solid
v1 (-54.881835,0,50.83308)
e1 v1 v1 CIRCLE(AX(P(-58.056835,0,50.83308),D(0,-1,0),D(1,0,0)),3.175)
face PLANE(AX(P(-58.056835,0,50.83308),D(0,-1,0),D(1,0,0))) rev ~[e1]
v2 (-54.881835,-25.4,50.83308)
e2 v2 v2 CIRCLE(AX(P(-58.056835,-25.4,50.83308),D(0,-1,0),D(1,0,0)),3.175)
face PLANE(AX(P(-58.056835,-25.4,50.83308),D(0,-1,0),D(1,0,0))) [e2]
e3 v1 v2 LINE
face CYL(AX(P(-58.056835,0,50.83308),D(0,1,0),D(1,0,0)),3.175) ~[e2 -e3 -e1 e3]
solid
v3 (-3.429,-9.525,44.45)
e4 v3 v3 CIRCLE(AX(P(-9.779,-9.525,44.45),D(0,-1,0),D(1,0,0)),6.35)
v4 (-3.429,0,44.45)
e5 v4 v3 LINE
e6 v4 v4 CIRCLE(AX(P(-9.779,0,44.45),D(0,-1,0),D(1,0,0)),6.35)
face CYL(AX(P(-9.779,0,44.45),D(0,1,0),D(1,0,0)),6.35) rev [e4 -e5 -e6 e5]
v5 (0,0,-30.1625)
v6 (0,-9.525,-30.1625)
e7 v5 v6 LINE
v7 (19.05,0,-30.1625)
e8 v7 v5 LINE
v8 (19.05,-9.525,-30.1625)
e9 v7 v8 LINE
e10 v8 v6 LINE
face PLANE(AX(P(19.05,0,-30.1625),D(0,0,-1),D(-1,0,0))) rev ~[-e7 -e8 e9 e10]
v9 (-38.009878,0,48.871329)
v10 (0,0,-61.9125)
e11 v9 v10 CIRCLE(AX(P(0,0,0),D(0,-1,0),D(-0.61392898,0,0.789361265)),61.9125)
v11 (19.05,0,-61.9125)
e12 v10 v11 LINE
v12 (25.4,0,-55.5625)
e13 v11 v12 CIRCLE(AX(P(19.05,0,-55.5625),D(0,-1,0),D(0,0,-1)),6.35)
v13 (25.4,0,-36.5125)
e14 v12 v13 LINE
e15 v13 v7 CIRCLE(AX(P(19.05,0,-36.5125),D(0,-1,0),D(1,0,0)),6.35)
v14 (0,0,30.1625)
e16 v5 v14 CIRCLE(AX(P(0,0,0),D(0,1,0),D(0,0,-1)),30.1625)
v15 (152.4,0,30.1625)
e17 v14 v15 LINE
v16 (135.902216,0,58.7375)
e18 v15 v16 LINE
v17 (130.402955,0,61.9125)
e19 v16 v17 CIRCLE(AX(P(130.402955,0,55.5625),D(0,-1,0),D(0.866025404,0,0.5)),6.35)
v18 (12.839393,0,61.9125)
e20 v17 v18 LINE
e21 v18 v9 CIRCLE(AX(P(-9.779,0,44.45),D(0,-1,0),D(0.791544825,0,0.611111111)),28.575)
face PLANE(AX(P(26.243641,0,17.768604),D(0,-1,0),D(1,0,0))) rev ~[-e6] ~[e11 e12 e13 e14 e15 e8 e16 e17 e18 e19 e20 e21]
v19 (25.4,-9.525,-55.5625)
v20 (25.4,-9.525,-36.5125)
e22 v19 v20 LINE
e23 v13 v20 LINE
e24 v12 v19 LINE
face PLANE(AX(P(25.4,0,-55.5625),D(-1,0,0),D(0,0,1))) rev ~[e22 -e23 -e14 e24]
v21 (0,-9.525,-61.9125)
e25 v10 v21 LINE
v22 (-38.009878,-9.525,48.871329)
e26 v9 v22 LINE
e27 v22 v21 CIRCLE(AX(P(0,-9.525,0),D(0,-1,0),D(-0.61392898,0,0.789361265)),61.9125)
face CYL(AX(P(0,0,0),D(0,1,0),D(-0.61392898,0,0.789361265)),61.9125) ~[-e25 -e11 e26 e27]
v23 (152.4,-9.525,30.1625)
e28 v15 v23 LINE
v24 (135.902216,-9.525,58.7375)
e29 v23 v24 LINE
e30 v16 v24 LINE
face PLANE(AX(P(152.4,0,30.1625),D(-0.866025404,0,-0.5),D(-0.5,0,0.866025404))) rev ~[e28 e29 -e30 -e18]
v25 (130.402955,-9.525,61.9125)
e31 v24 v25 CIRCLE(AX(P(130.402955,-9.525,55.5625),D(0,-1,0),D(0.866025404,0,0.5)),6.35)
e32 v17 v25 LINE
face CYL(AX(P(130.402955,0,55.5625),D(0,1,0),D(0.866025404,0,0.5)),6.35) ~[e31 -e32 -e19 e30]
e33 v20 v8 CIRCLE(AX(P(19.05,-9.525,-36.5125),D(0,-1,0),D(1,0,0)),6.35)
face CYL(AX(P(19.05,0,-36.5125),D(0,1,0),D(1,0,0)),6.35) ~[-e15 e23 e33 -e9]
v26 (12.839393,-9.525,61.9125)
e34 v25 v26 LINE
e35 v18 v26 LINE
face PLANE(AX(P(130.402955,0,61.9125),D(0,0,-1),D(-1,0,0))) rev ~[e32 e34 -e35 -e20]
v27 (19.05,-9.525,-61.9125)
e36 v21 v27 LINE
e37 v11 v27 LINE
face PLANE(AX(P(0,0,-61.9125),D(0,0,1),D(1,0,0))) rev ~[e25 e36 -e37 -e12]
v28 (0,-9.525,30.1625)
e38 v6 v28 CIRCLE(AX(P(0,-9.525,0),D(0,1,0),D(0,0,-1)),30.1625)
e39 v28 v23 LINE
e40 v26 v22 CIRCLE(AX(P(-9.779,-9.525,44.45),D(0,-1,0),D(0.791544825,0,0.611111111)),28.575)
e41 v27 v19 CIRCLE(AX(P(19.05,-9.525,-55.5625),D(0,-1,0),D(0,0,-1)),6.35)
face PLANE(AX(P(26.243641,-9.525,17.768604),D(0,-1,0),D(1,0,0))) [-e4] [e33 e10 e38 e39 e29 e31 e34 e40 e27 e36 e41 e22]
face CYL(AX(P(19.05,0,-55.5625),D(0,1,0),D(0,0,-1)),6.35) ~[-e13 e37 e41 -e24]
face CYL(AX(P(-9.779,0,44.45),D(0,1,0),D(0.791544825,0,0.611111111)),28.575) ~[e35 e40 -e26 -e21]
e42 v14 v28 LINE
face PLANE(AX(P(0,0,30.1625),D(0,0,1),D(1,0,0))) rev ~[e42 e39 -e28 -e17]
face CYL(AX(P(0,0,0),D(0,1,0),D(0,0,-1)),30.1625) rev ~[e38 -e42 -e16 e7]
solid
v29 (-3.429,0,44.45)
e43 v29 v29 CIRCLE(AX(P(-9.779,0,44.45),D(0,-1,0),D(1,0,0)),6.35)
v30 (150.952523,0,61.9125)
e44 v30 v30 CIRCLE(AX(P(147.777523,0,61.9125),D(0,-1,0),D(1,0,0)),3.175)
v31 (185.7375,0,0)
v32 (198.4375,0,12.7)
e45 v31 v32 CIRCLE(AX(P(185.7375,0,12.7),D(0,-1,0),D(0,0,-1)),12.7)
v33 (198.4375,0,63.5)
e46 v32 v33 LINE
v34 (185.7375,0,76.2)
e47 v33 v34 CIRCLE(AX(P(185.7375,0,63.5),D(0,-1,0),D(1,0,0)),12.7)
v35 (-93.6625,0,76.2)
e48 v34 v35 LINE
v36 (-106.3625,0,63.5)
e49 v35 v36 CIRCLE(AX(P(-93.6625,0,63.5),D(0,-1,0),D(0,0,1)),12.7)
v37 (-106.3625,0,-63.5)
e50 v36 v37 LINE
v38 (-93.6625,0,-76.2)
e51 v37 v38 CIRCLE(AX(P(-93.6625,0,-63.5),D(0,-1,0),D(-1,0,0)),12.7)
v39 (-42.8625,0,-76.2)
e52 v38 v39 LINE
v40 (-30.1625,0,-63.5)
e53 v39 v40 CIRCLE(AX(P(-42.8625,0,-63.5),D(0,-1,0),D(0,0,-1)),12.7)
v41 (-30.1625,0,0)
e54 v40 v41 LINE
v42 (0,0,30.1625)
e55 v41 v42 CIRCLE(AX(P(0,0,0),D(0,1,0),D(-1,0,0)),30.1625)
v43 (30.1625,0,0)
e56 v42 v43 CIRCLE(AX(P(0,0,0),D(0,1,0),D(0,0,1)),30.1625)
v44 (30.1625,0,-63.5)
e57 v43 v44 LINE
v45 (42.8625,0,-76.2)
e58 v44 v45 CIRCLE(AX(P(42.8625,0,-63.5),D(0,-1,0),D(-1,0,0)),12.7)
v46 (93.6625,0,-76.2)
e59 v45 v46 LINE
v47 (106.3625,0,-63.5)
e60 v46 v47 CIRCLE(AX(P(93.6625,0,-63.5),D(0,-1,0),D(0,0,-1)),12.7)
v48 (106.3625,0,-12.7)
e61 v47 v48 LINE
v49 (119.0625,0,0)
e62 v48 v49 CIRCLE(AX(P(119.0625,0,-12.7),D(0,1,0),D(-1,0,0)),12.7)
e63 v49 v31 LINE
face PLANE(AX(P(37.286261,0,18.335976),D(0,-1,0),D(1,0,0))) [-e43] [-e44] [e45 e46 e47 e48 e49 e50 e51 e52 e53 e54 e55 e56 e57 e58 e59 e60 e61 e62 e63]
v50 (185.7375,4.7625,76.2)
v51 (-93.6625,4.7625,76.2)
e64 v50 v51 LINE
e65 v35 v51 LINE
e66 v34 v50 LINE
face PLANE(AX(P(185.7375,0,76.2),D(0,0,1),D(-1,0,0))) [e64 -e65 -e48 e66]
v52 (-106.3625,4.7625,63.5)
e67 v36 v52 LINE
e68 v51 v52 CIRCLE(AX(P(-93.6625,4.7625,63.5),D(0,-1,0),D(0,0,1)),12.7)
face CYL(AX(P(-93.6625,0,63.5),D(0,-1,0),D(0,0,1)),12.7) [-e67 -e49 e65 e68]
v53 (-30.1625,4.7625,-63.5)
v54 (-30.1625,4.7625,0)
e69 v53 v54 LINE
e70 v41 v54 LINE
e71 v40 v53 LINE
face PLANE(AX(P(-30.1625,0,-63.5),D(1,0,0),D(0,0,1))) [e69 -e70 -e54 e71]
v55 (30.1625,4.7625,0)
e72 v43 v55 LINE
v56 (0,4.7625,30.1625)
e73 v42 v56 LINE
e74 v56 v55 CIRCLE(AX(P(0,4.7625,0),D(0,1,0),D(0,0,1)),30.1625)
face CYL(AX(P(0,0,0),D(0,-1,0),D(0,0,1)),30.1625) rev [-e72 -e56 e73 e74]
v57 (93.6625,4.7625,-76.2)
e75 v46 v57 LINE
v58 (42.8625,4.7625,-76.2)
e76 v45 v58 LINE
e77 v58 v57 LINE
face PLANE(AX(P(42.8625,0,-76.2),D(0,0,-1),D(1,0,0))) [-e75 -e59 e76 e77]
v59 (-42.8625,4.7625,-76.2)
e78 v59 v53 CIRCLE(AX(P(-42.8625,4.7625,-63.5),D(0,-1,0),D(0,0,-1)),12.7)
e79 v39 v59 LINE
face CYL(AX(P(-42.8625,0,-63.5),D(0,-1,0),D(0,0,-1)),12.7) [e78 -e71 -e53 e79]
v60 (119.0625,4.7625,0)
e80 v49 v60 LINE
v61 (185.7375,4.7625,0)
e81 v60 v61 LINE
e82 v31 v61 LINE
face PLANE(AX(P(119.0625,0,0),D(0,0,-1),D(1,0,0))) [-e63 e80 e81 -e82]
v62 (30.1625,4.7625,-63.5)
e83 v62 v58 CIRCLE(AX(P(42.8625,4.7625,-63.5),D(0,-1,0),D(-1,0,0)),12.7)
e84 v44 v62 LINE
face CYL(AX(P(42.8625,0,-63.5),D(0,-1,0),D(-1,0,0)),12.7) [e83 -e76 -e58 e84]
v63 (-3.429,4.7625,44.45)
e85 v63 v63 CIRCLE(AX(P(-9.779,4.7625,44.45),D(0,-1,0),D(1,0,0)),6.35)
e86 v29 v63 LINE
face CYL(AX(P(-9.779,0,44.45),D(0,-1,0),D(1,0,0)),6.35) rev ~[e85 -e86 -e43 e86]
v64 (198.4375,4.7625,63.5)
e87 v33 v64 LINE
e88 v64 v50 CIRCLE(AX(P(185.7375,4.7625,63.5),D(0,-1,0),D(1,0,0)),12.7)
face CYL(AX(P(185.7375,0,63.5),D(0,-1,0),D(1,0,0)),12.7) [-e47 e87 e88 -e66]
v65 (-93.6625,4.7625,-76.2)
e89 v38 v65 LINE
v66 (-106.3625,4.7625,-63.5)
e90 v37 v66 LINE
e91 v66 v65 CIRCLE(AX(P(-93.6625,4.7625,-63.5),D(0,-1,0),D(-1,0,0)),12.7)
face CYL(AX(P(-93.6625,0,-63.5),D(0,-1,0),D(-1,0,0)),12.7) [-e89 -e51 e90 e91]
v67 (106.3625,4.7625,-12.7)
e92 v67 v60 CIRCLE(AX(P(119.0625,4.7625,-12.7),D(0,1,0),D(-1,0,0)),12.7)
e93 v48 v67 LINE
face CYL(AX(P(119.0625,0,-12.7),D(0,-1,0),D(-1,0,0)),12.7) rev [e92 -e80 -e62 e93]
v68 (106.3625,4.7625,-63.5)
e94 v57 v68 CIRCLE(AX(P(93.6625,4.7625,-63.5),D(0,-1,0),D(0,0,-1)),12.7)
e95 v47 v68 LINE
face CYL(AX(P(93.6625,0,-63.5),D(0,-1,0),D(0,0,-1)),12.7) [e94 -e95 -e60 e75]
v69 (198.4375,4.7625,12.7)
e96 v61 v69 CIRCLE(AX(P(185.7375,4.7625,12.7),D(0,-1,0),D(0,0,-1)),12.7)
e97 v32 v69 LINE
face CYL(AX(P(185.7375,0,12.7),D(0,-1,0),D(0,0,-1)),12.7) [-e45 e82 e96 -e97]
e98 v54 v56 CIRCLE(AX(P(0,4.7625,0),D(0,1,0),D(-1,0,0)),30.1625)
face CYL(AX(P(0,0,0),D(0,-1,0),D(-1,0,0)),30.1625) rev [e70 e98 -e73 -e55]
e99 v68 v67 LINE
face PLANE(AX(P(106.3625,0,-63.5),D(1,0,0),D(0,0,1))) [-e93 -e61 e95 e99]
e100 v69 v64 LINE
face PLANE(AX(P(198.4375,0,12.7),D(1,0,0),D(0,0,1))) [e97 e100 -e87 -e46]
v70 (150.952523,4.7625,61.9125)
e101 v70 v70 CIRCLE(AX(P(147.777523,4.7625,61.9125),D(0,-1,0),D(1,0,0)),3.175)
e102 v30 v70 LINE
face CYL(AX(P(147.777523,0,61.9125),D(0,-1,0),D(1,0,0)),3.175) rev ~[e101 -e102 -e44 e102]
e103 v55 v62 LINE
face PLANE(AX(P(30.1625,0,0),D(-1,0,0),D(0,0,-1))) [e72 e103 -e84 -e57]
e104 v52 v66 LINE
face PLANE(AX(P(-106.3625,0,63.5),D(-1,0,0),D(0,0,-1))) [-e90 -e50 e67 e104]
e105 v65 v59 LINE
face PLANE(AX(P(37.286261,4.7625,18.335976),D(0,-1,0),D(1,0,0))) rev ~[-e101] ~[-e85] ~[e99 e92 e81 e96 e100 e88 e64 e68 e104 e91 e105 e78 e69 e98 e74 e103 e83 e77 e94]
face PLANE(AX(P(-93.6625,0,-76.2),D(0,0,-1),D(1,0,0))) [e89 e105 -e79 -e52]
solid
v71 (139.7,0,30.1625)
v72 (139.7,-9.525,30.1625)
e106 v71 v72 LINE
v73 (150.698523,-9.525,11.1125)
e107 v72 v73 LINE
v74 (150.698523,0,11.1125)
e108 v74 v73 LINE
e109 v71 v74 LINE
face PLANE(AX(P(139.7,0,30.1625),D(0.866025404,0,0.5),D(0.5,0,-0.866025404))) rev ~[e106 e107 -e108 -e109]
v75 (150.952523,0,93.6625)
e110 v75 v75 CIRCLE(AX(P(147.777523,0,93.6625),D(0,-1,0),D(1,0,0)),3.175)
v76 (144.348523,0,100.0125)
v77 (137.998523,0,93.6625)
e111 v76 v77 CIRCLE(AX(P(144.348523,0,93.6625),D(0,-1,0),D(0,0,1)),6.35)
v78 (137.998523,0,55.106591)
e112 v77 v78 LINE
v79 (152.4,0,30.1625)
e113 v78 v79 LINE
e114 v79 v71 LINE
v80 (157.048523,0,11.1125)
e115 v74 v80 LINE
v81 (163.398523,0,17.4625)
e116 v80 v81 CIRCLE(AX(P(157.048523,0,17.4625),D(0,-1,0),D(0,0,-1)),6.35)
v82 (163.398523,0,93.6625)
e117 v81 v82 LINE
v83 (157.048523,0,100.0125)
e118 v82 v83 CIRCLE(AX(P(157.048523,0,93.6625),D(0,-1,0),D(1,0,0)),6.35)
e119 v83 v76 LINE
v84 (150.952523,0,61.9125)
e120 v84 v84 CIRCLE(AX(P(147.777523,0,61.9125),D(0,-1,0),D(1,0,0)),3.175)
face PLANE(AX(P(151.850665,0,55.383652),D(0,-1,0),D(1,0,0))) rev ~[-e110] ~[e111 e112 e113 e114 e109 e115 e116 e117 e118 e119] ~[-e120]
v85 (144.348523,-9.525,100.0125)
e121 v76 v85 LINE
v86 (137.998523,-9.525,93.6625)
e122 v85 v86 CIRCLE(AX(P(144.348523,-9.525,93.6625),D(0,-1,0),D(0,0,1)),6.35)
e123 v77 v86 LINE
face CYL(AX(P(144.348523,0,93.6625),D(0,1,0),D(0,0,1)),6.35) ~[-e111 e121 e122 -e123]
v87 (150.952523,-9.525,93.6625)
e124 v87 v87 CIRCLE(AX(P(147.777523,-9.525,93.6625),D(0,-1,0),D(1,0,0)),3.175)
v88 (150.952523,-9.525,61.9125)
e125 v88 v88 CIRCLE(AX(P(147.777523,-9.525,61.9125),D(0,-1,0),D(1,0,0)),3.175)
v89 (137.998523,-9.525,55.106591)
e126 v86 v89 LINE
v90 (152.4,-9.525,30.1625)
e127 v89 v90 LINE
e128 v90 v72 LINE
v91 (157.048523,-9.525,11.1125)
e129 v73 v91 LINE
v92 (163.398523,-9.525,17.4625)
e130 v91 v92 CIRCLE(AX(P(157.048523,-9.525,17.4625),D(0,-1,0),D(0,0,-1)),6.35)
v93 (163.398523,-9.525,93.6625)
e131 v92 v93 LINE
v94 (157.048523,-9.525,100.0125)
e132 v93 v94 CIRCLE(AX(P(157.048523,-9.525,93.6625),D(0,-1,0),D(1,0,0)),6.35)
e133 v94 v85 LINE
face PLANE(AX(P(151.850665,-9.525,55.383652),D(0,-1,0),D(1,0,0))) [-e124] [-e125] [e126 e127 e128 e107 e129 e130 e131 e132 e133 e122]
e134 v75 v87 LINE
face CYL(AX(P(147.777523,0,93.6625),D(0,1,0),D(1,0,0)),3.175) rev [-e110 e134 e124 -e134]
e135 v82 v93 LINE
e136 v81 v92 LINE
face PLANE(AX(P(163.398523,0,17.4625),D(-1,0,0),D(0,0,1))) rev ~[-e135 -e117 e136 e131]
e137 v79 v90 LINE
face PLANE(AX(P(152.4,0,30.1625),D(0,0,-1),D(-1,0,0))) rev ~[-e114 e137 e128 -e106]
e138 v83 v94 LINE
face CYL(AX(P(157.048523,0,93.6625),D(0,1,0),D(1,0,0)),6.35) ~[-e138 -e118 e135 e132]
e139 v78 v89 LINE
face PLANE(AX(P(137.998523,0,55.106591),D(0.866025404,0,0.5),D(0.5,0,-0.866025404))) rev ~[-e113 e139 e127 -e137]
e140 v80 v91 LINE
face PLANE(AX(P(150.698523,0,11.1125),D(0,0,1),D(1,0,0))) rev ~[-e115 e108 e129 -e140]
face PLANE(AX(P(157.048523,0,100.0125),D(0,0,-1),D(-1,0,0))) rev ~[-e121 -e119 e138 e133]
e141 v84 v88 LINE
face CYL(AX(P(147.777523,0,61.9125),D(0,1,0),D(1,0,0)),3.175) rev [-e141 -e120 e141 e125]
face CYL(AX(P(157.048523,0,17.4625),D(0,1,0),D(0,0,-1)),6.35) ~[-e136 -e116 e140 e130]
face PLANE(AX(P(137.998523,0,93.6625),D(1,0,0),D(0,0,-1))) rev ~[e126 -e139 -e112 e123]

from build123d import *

# Parameters (mm, degrees)
F0_R     = 6.35
F2_DEPTH = 9.525
F1_R     = 3.175
F3_R     = 3.175
F4_DEPTH = 25.4
F5_R     = 3.175
F5_R_2   = 6.35
F6_DEPTH = 4.7625


with BuildPart() as f2:
    # F0 (on Front) → F2 (new body)
    with BuildSketch(Plane.XZ):
        with BuildLine():
            ThreePointArc((0, -30.1625), (-30.1625, 0), (0, 30.1625))
            Line((0, 30.1625), (152.4, 30.1625))
            Line((152.4, 30.1625), (135.9022160579, 58.7375))
            ThreePointArc((135.9022160579, 58.7375), (133.5779547439, 61.061761314), (130.4029547439, 61.9125))
            Line((130.4029547439, 61.9125), (12.8393933724, 61.9125))
            ThreePointArc((12.8393933724, 61.9125), (-16.8778047521, 72.129190669), (-38.0098779856, 48.8713293432))
            ThreePointArc((-38.0098779856, 48.8713293432), (-58.5615224965, -20.0924298965), (0, -61.9125))
            Line((0, -61.9125), (19.05, -61.9125))
            ThreePointArc((19.05, -61.9125), (23.5401280605, -60.0526280605), (25.4, -55.5625))
            Line((25.4, -55.5625), (25.4, -36.5125))
            ThreePointArc((25.4, -36.5125), (23.5401280605, -32.0223719395), (19.05, -30.1625))
            Line((19.05, -30.1625), (0, -30.1625))
        make_face()
        with Locations((-9.779, 44.45)):
            Circle(F0_R, mode=Mode.SUBTRACT)
    extrude(amount=F2_DEPTH)


with BuildPart() as f2b:
    # F1 (on Front) → F2, piece 2 (new body)
    with BuildSketch(Plane.XZ):
        with BuildLine():
            Line((137.9985226281, 55.1065905122), (152.4, 30.1625))
            Line((152.4, 30.1625), (139.7, 30.1625))
            Line((139.7, 30.1625), (150.6985226281, 11.1125))
            Line((150.6985226281, 11.1125), (157.0485226281, 11.1125))
            ThreePointArc((157.0485226281, 11.1125), (161.5386506886, 12.9723719395), (163.3985226281, 17.4625))
            Line((163.3985226281, 17.4625), (163.3985226281, 93.6625))
            ThreePointArc((163.3985226281, 93.6625), (161.5386506886, 98.1526280605), (157.0485226281, 100.0125))
            Line((157.0485226281, 100.0125), (144.3485226281, 100.0125))
            ThreePointArc((144.3485226281, 100.0125), (139.8583945675, 98.1526280605), (137.9985226281, 93.6625))
            Line((137.9985226281, 93.6625), (137.9985226281, 55.1065905122))
        make_face()
        with Locations((147.7775226281, 61.9125)):
            Circle(F1_R, mode=Mode.SUBTRACT)
        with Locations((147.7775226281, 93.6625)):
            Circle(F1_R, mode=Mode.SUBTRACT)
    extrude(amount=F2_DEPTH)


with BuildPart() as f4:
    # F3 (on Front) → F4 (new body)
    with BuildSketch(Plane.XZ):
        with Locations((-58.0568350852, 50.8330799639)):
            Circle(F3_R)
    extrude(amount=F4_DEPTH)


with BuildPart() as f6:
    # F5 (on face) → F6 (new body)
    with BuildSketch(Plane.XZ):
        with BuildLine():
            ThreePointArc((0, 30.1625), (21.3281082875, 21.3281082875), (30.1625, 0))
            Line((30.1625, 0), (30.1625, -63.5))
            ThreePointArc((30.1625, -63.5), (33.8822438789, -72.4802561211), (42.8625, -76.2))
            Line((42.8625, -76.2), (93.6625, -76.2))
            ThreePointArc((93.6625, -76.2), (102.6427561211, -72.4802561211), (106.3625, -63.5))
            Line((106.3625, -63.5), (106.3625, -12.7))
            ThreePointArc((106.3625, -12.7), (110.0822438789, -3.7197438789), (119.0625, 0))
            Line((119.0625, 0), (185.7375, 0))
            ThreePointArc((185.7375, 0), (194.7177561211, 3.7197438789), (198.4375, 12.7))
            Line((198.4375, 12.7), (198.4375, 63.5))
            ThreePointArc((198.4375, 63.5), (194.7177561211, 72.4802561211), (185.7375, 76.2))
            Line((185.7375, 76.2), (-93.6625, 76.2))
            ThreePointArc((-93.6625, 76.2), (-102.6427561211, 72.4802561211), (-106.3625, 63.5))
            Line((-106.3625, 63.5), (-106.3625, -63.5))
            ThreePointArc((-106.3625, -63.5), (-102.6427561211, -72.4802561211), (-93.6625, -76.2))
            Line((-93.6625, -76.2), (-42.8625, -76.2))
            ThreePointArc((-42.8625, -76.2), (-33.8822438789, -72.4802561211), (-30.1625, -63.5))
            Line((-30.1625, -63.5), (-30.1625, -54.0683017118))
            ThreePointArc((-30.1625, -54.0683017118), (-61.7333798725, -4.7061094083), (-38.0098779856, 48.8713293432))
            ThreePointArc((-38.0098779856, 48.8713293432), (-16.8778047521, 72.129190669), (12.8393933724, 61.9125))
            Line((12.8393933724, 61.9125), (130.4029547439, 61.9125))
            ThreePointArc((130.4029547439, 61.9125), (133.5779547439, 61.061761314), (135.9022160579, 58.7375))
            Line((135.9022160579, 58.7375), (152.4, 30.1625))
            Line((152.4, 30.1625), (0, 30.1625))
        make_face()
        with Locations((147.7775226281, 61.9125)):
            Circle(F5_R, mode=Mode.SUBTRACT)
        with BuildLine():
            ThreePointArc((-30.1625, 0), (-21.3281082875, 21.3281082875), (0, 30.1625))
            Line((0, 30.1625), (152.4, 30.1625))
            Line((152.4, 30.1625), (135.9022160579, 58.7375))
            ThreePointArc((135.9022160579, 58.7375), (133.5779547439, 61.061761314), (130.4029547439, 61.9125))
            Line((130.4029547439, 61.9125), (12.8393933724, 61.9125))
            ThreePointArc((12.8393933724, 61.9125), (-16.8778047521, 72.129190669), (-38.0098779856, 48.8713293432))
            ThreePointArc((-38.0098779856, 48.8713293432), (-61.7333798725, -4.7061094083), (-30.1625, -54.0683017118))
            Line((-30.1625, -54.0683017118), (-30.1625, 0))
        make_face()
        with Locations((-9.779, 44.45)):
            Circle(F5_R_2, mode=Mode.SUBTRACT)
    extrude(amount=-F6_DEPTH)


solid = Compound([f2.part, f2b.part, f4.part, f6.part])
